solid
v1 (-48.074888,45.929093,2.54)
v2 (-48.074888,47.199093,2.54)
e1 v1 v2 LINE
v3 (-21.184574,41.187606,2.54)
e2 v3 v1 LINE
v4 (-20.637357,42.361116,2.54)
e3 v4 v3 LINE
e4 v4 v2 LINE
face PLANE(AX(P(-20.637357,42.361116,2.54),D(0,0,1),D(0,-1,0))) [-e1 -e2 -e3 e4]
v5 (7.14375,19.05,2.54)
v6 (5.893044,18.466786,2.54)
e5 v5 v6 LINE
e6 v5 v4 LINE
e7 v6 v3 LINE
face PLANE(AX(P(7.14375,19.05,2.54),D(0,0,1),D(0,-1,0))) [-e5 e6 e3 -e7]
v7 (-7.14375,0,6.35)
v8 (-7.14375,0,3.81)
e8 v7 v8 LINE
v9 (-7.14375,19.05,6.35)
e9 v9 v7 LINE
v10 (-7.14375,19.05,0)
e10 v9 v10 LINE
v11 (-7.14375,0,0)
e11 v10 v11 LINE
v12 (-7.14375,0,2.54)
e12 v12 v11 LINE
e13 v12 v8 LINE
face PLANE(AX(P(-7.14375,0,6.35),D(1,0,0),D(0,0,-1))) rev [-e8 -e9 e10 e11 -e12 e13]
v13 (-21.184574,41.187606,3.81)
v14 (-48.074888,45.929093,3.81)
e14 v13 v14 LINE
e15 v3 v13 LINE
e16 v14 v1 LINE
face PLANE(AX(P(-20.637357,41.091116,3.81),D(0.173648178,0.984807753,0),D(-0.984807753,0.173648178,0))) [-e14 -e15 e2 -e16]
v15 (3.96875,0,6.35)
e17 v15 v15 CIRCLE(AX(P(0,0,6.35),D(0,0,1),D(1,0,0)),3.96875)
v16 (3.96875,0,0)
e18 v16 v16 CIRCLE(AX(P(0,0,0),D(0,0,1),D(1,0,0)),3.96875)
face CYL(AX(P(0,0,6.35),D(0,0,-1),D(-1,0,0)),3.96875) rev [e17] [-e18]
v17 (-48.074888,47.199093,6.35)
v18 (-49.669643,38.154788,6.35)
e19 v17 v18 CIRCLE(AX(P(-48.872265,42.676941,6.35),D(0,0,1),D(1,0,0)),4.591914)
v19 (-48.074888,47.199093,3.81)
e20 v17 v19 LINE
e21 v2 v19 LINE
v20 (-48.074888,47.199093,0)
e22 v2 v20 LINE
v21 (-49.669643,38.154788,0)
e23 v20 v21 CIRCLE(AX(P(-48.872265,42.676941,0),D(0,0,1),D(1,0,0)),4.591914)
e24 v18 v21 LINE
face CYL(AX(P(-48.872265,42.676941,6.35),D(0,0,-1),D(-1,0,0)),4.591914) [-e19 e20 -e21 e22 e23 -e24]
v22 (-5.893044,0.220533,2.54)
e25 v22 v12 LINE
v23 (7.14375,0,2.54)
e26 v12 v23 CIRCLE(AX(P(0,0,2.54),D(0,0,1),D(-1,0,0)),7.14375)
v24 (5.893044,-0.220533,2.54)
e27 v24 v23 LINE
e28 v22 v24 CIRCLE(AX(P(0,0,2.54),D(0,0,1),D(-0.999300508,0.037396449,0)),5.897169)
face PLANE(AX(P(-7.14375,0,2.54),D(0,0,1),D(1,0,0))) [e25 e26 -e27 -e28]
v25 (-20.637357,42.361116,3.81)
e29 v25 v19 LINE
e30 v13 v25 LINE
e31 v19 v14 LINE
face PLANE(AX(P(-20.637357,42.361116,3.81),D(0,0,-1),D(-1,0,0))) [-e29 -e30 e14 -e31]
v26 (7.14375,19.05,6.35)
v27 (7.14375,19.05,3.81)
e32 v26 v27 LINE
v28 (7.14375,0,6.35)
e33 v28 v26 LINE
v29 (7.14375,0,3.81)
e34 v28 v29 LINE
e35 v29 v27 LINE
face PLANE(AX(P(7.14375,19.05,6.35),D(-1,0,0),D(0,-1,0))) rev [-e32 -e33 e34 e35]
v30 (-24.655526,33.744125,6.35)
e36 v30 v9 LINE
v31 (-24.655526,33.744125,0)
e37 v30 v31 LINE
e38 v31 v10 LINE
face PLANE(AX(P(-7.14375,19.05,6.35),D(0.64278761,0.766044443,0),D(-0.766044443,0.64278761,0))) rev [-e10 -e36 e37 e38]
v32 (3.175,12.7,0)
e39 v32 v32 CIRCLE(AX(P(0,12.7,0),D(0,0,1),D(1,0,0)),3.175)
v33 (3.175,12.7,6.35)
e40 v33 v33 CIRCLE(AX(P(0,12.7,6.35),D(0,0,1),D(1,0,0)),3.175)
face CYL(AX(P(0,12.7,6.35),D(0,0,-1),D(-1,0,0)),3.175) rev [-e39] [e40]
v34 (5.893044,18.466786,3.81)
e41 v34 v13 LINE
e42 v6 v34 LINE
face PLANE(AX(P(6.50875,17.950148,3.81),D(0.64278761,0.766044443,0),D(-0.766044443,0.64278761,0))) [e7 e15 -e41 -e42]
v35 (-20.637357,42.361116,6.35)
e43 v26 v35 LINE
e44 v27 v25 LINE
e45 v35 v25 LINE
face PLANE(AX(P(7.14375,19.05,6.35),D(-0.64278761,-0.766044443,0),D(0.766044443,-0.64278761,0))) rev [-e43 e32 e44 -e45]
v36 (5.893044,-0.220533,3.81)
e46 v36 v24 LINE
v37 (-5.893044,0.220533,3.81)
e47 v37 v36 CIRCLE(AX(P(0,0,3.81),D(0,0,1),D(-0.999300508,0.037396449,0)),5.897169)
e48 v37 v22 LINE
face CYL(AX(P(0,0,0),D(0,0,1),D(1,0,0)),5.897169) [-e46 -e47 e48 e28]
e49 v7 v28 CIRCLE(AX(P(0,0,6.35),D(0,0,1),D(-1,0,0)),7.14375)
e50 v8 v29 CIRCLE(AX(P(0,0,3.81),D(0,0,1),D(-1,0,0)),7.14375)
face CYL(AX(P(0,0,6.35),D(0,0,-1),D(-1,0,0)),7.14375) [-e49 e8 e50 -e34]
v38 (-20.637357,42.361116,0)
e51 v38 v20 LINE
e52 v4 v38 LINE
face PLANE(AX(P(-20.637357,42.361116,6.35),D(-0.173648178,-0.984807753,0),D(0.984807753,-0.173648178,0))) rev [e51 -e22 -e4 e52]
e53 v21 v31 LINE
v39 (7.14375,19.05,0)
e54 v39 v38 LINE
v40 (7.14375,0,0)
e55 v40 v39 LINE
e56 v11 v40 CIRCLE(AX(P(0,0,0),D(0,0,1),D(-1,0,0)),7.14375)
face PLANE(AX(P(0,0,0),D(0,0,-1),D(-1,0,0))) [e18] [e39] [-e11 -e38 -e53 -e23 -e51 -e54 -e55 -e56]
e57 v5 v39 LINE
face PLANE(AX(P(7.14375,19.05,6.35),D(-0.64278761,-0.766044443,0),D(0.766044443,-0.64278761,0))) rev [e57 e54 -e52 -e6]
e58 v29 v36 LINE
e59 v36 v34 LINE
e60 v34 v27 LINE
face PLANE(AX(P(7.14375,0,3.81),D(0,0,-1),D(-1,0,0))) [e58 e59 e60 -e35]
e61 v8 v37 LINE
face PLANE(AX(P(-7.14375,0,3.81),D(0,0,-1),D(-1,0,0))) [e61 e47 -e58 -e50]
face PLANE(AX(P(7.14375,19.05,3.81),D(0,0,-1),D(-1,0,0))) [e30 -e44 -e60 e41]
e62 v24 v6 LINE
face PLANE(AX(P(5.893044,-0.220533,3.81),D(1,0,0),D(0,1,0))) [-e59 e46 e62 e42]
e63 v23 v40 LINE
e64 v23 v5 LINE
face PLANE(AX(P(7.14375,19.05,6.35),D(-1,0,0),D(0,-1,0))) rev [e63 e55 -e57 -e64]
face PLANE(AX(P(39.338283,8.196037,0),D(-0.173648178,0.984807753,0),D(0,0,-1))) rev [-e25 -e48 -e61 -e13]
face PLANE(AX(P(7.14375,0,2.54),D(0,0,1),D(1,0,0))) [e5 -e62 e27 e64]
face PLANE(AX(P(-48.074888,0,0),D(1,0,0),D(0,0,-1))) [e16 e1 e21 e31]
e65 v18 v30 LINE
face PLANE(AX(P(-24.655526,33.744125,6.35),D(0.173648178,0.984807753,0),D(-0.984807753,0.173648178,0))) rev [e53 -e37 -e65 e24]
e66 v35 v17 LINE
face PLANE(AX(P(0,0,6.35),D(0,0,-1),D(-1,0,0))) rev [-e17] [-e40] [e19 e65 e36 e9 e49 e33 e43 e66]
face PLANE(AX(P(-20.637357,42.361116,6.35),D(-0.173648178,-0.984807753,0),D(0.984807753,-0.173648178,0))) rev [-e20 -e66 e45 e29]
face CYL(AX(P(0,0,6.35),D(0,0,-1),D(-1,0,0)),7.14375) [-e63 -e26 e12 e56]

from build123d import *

# Parameters (mm, degrees)
SKETCH3_R           = 3.96875
SKETCH3_R_2         = 3.175
BOSS_EXTRUDE1_DEPTH = 6.35
SKETCH4_W           = 1.27
SKETCH4_H           = 1.27


with BuildPart() as part:
    # Sketch3 → Boss-Extrude1 (new body)
    with BuildSketch(Plane.XY):
        with BuildLine():
            Line((7.14375, 19.05), (7.14375, 0))
            ThreePointArc((7.14375, 0), (0, -7.14375), (-7.14375, 0))
            Line((-7.14375, 0), (-7.14375, 19.05))
            Line((-7.14375, 19.05), (-24.65552597, 33.744124757))
            Line((-24.65552597, 33.744124757), (-49.669642896, 38.15478847))
            ThreePointArc((-49.669642896, 38.15478847), (-53.394417896, 43.474318461), (-48.074887905, 47.199093461))
            Line((-48.074887905, 47.199093461), (-20.63735676, 42.361116436))
            Line((-20.63735676, 42.361116436), (7.14375, 19.05))
        make_face()
        Circle(SKETCH3_R, mode=Mode.SUBTRACT)
        with Locations((0, 12.7)):
            Circle(SKETCH3_R_2, mode=Mode.SUBTRACT)
    extrude(amount=BOSS_EXTRUDE1_DEPTH)

    # Cut-Sweep1: sweep along a path in Sketch6
    with BuildLine(Plane(origin=(0, 0, 0), x_dir=(-1, 0, 0), z_dir=(0, 0, -1))) as cut_sweep1_path:
        Line((48.074887905, 47.199093461), (20.63735676, 42.361116436))
        Line((20.63735676, 42.361116436), (-7.14375, 19.05))
        Line((-7.14375, 19.05), (-7.14375, 0))
        ThreePointArc((-7.14375, 0), (0, -7.14375), (7.14375, 0))
    # Sketch4 → Cut-Sweep1 (sweep, cut)
    with BuildSketch(Plane(origin=(-48.074887905, 0, 0), x_dir=(0, 0, -1), z_dir=(1, 0, 0))):
        with Locations((-3.175, 46.564093461)):
            Rectangle(SKETCH4_W, SKETCH4_H)
    sweep(path=cut_sweep1_path.line, transition=Transition.RIGHT, mode=Mode.SUBTRACT)


solid = part.part
